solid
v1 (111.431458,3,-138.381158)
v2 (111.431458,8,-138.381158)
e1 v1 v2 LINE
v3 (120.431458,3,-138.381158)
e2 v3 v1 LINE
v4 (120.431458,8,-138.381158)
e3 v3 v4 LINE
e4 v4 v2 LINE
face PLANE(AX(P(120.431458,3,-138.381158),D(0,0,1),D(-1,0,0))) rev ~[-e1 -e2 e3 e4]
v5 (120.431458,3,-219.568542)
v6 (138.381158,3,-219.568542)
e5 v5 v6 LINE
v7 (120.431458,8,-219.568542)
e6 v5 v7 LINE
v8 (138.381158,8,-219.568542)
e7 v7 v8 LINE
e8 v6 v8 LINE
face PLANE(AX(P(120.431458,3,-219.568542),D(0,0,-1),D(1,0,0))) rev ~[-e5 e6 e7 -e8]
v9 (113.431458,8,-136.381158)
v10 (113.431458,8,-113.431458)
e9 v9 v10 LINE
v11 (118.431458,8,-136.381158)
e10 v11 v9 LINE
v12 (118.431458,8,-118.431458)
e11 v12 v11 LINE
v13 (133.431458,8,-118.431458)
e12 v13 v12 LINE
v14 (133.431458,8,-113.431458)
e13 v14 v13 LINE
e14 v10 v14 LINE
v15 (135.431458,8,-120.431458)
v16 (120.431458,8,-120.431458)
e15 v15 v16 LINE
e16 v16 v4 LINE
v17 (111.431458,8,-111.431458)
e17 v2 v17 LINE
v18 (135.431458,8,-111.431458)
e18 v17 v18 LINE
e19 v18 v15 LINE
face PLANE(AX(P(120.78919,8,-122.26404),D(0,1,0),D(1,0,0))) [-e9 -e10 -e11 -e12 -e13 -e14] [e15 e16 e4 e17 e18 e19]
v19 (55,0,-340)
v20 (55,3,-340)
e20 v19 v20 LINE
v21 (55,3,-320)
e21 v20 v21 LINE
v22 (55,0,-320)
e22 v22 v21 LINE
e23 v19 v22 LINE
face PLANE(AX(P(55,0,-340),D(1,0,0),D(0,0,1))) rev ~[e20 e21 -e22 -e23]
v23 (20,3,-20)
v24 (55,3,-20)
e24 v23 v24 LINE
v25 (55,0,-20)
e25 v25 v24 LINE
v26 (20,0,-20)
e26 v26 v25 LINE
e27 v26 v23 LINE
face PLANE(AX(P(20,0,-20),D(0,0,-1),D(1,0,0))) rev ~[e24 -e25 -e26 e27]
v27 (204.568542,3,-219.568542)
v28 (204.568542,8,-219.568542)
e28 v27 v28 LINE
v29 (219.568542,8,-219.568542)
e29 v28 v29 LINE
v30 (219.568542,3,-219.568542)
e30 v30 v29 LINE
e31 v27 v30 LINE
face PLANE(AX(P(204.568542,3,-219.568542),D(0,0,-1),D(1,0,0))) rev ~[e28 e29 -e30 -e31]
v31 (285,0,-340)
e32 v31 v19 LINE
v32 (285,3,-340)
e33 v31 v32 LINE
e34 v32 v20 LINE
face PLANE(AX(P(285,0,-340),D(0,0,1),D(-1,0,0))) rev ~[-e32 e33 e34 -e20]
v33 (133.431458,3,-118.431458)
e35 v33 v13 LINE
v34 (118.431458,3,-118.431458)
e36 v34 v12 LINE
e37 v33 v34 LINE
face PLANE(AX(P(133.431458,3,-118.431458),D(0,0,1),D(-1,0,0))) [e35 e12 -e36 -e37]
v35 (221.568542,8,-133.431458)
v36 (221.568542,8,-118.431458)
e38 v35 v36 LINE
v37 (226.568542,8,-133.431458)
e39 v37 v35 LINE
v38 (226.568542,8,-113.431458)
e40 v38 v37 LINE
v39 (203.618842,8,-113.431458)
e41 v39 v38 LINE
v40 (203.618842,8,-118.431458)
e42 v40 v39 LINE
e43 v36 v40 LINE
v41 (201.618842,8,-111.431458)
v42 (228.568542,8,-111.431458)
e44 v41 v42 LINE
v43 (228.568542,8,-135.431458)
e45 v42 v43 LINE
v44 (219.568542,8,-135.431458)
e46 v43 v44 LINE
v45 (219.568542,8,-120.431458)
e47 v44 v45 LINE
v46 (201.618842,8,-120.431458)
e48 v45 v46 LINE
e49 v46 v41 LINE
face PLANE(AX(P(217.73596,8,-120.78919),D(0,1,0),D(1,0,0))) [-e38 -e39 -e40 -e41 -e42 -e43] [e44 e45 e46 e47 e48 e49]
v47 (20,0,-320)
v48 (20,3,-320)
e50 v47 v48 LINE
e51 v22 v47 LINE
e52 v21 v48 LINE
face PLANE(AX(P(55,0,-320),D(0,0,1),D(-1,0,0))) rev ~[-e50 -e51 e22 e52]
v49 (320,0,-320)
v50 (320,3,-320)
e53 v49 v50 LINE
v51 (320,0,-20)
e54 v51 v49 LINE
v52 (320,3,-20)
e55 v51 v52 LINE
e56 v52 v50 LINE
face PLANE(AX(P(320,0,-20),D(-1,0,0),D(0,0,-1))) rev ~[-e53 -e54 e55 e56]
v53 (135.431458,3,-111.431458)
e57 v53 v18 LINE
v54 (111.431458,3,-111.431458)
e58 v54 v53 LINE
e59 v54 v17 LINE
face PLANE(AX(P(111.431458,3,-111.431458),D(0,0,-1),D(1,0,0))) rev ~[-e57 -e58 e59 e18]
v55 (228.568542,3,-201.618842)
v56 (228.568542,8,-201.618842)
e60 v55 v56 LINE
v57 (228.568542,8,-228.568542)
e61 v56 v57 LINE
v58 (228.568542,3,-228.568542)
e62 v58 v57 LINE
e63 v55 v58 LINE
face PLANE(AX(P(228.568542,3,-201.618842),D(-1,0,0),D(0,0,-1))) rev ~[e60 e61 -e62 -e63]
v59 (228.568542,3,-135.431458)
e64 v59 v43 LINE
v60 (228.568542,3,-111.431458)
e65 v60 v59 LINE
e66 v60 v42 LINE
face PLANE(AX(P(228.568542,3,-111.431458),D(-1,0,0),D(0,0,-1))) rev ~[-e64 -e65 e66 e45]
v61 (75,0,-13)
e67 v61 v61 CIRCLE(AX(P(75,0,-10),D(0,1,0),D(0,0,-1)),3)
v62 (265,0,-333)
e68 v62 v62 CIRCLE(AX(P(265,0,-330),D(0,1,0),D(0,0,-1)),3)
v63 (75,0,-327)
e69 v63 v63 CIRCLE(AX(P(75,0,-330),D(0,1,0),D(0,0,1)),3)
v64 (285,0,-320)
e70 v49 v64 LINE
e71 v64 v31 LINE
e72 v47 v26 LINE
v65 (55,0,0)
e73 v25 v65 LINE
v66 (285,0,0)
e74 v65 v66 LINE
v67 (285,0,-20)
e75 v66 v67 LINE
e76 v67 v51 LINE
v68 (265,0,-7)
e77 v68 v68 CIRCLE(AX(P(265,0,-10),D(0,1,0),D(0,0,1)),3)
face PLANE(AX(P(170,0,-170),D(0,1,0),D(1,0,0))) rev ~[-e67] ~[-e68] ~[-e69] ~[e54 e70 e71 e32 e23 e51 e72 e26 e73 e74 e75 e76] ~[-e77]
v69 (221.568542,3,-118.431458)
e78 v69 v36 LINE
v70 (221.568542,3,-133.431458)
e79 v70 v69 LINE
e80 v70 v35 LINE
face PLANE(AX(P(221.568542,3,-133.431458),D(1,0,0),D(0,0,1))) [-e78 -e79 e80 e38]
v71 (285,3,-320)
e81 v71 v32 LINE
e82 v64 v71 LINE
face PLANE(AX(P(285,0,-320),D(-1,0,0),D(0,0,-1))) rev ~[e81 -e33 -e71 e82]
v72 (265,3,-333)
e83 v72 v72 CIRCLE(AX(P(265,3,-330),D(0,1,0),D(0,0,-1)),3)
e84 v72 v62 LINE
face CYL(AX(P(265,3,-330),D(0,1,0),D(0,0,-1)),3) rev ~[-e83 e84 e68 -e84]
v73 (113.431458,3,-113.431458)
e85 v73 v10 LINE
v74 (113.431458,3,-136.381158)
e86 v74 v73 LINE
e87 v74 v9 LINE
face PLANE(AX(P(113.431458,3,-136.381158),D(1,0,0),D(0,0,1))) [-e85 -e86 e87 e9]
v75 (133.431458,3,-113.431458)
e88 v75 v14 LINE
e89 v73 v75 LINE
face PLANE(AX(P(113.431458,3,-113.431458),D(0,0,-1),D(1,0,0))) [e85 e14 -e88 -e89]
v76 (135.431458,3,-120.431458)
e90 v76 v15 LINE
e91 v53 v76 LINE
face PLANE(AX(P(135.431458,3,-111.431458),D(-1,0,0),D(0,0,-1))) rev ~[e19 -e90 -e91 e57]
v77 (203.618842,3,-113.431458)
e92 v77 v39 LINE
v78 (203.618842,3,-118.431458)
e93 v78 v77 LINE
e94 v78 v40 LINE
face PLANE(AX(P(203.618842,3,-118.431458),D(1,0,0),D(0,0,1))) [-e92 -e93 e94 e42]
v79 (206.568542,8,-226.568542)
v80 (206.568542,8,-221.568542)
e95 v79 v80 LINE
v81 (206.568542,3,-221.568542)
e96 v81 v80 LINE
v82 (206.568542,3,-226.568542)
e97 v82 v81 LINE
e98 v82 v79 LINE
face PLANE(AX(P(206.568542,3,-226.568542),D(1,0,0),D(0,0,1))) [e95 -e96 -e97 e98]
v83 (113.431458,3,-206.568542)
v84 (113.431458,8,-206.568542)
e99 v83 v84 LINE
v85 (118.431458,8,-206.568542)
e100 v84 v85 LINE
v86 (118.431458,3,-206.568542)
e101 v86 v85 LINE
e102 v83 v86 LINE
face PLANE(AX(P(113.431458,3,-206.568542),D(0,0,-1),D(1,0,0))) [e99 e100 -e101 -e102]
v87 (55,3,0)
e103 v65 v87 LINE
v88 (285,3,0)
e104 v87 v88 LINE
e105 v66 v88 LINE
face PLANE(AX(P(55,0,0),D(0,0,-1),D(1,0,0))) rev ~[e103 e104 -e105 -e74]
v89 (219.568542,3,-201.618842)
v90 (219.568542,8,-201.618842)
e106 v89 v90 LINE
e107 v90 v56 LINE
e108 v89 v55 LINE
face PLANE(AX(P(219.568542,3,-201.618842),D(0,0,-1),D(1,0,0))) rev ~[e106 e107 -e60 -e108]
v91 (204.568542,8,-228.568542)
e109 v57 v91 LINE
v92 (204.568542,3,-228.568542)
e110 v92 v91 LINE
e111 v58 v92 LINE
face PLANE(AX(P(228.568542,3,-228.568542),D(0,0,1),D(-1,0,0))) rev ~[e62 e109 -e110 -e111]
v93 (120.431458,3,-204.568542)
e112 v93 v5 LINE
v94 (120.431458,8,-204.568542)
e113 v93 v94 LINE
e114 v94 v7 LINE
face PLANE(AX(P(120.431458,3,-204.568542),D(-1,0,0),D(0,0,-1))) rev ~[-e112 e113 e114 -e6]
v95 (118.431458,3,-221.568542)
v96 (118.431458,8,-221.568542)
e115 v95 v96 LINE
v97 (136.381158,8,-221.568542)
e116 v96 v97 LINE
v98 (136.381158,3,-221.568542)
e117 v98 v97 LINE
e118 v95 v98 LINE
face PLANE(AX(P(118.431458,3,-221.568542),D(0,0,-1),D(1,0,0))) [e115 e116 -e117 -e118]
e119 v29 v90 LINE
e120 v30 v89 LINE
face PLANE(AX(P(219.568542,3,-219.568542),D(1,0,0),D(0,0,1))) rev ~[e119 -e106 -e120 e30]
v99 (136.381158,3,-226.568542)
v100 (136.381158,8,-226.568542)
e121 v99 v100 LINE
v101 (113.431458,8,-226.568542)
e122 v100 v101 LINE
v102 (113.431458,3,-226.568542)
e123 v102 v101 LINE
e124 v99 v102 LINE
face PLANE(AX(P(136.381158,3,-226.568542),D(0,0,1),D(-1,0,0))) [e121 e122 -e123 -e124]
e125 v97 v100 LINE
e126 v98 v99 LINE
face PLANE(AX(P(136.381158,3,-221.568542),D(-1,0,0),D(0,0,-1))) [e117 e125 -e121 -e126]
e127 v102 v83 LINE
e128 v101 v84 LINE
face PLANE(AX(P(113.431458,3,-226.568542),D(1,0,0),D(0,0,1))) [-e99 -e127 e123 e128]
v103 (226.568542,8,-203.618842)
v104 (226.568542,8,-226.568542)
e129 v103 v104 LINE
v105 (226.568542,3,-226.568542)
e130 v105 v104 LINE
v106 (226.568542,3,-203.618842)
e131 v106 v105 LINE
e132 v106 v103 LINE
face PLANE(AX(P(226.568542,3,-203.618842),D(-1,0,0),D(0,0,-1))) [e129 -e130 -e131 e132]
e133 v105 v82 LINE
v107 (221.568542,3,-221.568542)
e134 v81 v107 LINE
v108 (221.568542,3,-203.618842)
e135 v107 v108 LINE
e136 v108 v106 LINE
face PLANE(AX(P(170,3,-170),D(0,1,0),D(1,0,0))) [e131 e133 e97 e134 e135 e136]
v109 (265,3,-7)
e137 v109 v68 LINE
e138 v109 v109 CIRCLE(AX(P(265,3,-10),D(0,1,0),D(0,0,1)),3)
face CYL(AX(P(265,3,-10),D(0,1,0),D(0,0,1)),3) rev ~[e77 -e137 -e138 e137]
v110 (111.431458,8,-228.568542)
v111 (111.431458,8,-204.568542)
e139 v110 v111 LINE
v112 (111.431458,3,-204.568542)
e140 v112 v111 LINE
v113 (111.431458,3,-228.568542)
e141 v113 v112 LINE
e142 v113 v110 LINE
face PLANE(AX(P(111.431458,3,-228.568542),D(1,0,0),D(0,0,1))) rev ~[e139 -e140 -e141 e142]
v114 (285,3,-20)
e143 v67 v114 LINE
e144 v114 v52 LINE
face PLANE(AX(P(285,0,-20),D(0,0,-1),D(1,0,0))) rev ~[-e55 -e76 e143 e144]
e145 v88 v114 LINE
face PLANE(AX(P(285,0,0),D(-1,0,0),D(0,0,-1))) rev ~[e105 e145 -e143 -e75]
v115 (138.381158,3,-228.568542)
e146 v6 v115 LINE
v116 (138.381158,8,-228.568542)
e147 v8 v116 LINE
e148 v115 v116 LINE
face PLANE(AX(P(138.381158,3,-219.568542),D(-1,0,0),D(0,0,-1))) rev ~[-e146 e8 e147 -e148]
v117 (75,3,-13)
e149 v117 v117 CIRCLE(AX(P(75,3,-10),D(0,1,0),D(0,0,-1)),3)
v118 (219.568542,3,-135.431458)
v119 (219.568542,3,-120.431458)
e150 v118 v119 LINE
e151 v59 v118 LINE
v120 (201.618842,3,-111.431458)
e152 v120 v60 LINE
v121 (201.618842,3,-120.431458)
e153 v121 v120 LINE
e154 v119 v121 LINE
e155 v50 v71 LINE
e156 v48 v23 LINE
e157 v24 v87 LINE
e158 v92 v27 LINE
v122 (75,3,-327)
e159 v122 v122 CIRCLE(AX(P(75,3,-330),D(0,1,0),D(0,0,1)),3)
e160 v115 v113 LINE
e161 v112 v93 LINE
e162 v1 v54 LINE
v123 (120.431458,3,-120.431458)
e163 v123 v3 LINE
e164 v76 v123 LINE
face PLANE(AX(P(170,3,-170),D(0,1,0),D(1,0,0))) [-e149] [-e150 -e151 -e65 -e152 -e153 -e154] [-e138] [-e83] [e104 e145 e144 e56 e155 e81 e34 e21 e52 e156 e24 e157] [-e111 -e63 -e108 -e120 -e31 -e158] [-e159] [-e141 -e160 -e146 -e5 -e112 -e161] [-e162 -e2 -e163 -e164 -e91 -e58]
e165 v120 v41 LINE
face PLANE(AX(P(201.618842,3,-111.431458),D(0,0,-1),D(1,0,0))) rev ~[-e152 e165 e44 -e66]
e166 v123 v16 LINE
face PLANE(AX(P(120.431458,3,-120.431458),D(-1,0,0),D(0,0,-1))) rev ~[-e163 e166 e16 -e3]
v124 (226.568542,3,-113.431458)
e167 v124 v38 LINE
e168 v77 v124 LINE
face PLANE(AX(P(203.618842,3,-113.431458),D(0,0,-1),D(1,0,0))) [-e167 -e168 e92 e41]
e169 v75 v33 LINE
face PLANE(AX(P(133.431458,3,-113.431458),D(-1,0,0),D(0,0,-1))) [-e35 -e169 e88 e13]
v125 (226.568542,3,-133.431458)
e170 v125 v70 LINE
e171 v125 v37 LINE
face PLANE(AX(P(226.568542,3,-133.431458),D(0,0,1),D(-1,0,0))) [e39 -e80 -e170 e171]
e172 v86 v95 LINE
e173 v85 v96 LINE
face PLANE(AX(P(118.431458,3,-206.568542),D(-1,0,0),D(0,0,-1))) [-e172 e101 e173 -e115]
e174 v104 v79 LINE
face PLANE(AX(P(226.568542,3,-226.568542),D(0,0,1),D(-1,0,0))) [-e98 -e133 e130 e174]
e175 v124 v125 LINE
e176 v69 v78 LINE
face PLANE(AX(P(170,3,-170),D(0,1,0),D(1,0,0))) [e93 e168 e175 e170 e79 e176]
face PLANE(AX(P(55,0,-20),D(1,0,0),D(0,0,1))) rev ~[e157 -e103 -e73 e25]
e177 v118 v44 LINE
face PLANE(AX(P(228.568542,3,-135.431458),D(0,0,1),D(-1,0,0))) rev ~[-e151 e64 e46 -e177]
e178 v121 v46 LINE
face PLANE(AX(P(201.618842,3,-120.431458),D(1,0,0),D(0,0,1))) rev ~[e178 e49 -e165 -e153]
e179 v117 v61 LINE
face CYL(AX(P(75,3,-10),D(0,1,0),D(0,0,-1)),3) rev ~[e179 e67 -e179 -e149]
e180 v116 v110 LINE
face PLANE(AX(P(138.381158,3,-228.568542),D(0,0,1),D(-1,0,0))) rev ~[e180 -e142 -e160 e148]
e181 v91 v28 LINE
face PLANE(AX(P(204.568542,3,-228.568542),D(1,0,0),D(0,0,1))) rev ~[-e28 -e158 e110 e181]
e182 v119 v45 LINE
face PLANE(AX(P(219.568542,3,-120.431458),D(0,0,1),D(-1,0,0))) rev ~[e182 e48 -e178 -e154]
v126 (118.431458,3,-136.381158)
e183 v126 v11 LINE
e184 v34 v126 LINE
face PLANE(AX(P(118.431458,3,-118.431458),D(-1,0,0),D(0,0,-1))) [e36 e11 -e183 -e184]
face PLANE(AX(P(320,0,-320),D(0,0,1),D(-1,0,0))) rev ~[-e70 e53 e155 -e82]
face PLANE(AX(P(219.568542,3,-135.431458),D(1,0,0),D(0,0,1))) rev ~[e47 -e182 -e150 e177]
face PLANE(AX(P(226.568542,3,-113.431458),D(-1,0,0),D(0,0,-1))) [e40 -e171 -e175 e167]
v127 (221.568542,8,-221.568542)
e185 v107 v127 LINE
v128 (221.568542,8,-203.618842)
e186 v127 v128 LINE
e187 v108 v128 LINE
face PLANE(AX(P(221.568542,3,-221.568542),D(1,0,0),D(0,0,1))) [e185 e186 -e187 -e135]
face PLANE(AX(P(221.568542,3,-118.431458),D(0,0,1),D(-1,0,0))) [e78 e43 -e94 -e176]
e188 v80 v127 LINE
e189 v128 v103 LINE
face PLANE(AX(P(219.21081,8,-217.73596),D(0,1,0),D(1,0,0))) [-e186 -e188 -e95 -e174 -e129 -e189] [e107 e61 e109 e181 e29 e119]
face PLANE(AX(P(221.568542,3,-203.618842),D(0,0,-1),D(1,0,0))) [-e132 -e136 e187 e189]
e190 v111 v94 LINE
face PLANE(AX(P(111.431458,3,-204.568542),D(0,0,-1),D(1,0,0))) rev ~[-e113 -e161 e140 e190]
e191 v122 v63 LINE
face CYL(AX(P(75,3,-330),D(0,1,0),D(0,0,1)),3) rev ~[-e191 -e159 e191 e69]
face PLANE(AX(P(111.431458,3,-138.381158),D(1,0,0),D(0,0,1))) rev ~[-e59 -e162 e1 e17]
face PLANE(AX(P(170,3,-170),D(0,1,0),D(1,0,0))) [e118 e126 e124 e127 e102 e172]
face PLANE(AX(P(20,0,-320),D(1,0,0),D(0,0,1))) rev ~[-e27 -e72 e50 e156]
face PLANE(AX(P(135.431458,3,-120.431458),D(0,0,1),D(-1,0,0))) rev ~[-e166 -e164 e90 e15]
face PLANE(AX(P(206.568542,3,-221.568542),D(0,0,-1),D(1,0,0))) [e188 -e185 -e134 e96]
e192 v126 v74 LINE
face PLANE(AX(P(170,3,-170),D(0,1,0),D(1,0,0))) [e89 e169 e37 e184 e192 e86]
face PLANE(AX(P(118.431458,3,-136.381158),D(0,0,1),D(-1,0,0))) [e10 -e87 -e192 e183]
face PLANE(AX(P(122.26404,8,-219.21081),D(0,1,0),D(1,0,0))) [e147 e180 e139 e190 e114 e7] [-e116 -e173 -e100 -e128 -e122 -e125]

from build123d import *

# Parameters (mm, degrees)
EXTRUDE_1_DEPTH     = 3
SKETCH_2_R          = 3
CUT_EXTRUDE_1_DEPTH = 3
EXTRUDE_2_DEPTH     = 5


with BuildPart() as part:
    # 草图1 → 凸台-拉伸1 (new body)
    with BuildSketch(Plane(origin=(0, 0, 0), x_dir=(1, 0, 0), z_dir=(0, 1, 0))):
        Polygon((55, 0), (285, 0), (285, 20), (320, 20), (320, 55), (320, 285), (320, 320), (285, 320), (285, 340), (55, 340), (55, 320), (20, 320), (20, 285), (20, 55), (20, 20), (55, 20), align=None)
    extrude(amount=EXTRUDE_1_DEPTH)

    # 草图2 → 切除-拉伸1 (cut)
    with BuildSketch(Plane(origin=(0, 3, 0), x_dir=(1, 0, 0), z_dir=(0, 1, 0))):
        with Locations(Location((75, 330, 0), (0, 0, 270))):
            Circle(SKETCH_2_R)
        with Locations(Location((265, 330, 0), (0, 0, 90))):
            Circle(SKETCH_2_R)
        with Locations(Location((265, 10, 0), (0, 0, 270))):
            Circle(SKETCH_2_R)
        with Locations(Location((75, 10, 0), (0, 0, 90))):
            Circle(SKETCH_2_R)
    extrude(amount=-CUT_EXTRUDE_1_DEPTH, mode=Mode.SUBTRACT)

    # 草图3 → 凸台-拉伸2 (add)
    # profile 1 of 4: a face of its own
    with BuildSketch(Plane(origin=(0, 3, 0), x_dir=(1, 0, 0), z_dir=(0, 1, 0))):
        Polygon((111.431457505, 228.568542495), (111.431457505, 204.568542495), (120.431457505, 204.568542495), (120.431457505, 219.568542495), (138.38115839, 219.568542495), (138.38115839, 228.568542495), align=None)
        Polygon((113.431457505, 226.568542495), (113.431457505, 206.568542495), (118.431457505, 206.568542495), (118.431457505, 221.568542495), (136.38115839, 221.568542495), (136.38115839, 226.568542495), align=None, mode=Mode.SUBTRACT)
    # profile 2 of 4: a face of its own
    with BuildSketch(Plane(origin=(0, 3, 0), x_dir=(1, 0, 0), z_dir=(0, 1, 0))):
        Polygon((228.568542495, 228.568542495), (204.568542495, 228.568542495), (204.568542495, 219.568542495), (219.568542495, 219.568542495), (219.568542495, 201.61884161), (228.568542495, 201.61884161), align=None)
        Polygon((226.568542495, 226.568542495), (206.568542495, 226.568542495), (206.568542495, 221.568542495), (221.568542495, 221.568542495), (221.568542495, 203.61884161), (226.568542495, 203.61884161), align=None, mode=Mode.SUBTRACT)
    # profile 3 of 4: a face of its own
    with BuildSketch(Plane(origin=(0, 3, 0), x_dir=(1, 0, 0), z_dir=(0, 1, 0))):
        Polygon((228.568542495, 111.431457505), (228.568542495, 135.431457505), (219.568542495, 135.431457505), (219.568542495, 120.431457505), (201.61884161, 120.431457505), (201.61884161, 111.431457505), align=None)
        Polygon((226.568542495, 113.431457505), (226.568542495, 133.431457505), (221.568542495, 133.431457505), (221.568542495, 118.431457505), (203.61884161, 118.431457505), (203.61884161, 113.431457505), align=None, mode=Mode.SUBTRACT)
    # profile 4 of 4: a face of its own
    with BuildSketch(Plane(origin=(0, 3, 0), x_dir=(1, 0, 0), z_dir=(0, 1, 0))):
        Polygon((111.431457505, 111.431457505), (135.431457505, 111.431457505), (135.431457505, 120.431457505), (120.431457505, 120.431457505), (120.431457505, 138.38115839), (111.431457505, 138.38115839), align=None)
        Polygon((113.431457505, 113.431457505), (133.431457505, 113.431457505), (133.431457505, 118.431457505), (118.431457505, 118.431457505), (118.431457505, 136.38115839), (113.431457505, 136.38115839), align=None, mode=Mode.SUBTRACT)
    extrude(amount=EXTRUDE_2_DEPTH)


solid = part.part
